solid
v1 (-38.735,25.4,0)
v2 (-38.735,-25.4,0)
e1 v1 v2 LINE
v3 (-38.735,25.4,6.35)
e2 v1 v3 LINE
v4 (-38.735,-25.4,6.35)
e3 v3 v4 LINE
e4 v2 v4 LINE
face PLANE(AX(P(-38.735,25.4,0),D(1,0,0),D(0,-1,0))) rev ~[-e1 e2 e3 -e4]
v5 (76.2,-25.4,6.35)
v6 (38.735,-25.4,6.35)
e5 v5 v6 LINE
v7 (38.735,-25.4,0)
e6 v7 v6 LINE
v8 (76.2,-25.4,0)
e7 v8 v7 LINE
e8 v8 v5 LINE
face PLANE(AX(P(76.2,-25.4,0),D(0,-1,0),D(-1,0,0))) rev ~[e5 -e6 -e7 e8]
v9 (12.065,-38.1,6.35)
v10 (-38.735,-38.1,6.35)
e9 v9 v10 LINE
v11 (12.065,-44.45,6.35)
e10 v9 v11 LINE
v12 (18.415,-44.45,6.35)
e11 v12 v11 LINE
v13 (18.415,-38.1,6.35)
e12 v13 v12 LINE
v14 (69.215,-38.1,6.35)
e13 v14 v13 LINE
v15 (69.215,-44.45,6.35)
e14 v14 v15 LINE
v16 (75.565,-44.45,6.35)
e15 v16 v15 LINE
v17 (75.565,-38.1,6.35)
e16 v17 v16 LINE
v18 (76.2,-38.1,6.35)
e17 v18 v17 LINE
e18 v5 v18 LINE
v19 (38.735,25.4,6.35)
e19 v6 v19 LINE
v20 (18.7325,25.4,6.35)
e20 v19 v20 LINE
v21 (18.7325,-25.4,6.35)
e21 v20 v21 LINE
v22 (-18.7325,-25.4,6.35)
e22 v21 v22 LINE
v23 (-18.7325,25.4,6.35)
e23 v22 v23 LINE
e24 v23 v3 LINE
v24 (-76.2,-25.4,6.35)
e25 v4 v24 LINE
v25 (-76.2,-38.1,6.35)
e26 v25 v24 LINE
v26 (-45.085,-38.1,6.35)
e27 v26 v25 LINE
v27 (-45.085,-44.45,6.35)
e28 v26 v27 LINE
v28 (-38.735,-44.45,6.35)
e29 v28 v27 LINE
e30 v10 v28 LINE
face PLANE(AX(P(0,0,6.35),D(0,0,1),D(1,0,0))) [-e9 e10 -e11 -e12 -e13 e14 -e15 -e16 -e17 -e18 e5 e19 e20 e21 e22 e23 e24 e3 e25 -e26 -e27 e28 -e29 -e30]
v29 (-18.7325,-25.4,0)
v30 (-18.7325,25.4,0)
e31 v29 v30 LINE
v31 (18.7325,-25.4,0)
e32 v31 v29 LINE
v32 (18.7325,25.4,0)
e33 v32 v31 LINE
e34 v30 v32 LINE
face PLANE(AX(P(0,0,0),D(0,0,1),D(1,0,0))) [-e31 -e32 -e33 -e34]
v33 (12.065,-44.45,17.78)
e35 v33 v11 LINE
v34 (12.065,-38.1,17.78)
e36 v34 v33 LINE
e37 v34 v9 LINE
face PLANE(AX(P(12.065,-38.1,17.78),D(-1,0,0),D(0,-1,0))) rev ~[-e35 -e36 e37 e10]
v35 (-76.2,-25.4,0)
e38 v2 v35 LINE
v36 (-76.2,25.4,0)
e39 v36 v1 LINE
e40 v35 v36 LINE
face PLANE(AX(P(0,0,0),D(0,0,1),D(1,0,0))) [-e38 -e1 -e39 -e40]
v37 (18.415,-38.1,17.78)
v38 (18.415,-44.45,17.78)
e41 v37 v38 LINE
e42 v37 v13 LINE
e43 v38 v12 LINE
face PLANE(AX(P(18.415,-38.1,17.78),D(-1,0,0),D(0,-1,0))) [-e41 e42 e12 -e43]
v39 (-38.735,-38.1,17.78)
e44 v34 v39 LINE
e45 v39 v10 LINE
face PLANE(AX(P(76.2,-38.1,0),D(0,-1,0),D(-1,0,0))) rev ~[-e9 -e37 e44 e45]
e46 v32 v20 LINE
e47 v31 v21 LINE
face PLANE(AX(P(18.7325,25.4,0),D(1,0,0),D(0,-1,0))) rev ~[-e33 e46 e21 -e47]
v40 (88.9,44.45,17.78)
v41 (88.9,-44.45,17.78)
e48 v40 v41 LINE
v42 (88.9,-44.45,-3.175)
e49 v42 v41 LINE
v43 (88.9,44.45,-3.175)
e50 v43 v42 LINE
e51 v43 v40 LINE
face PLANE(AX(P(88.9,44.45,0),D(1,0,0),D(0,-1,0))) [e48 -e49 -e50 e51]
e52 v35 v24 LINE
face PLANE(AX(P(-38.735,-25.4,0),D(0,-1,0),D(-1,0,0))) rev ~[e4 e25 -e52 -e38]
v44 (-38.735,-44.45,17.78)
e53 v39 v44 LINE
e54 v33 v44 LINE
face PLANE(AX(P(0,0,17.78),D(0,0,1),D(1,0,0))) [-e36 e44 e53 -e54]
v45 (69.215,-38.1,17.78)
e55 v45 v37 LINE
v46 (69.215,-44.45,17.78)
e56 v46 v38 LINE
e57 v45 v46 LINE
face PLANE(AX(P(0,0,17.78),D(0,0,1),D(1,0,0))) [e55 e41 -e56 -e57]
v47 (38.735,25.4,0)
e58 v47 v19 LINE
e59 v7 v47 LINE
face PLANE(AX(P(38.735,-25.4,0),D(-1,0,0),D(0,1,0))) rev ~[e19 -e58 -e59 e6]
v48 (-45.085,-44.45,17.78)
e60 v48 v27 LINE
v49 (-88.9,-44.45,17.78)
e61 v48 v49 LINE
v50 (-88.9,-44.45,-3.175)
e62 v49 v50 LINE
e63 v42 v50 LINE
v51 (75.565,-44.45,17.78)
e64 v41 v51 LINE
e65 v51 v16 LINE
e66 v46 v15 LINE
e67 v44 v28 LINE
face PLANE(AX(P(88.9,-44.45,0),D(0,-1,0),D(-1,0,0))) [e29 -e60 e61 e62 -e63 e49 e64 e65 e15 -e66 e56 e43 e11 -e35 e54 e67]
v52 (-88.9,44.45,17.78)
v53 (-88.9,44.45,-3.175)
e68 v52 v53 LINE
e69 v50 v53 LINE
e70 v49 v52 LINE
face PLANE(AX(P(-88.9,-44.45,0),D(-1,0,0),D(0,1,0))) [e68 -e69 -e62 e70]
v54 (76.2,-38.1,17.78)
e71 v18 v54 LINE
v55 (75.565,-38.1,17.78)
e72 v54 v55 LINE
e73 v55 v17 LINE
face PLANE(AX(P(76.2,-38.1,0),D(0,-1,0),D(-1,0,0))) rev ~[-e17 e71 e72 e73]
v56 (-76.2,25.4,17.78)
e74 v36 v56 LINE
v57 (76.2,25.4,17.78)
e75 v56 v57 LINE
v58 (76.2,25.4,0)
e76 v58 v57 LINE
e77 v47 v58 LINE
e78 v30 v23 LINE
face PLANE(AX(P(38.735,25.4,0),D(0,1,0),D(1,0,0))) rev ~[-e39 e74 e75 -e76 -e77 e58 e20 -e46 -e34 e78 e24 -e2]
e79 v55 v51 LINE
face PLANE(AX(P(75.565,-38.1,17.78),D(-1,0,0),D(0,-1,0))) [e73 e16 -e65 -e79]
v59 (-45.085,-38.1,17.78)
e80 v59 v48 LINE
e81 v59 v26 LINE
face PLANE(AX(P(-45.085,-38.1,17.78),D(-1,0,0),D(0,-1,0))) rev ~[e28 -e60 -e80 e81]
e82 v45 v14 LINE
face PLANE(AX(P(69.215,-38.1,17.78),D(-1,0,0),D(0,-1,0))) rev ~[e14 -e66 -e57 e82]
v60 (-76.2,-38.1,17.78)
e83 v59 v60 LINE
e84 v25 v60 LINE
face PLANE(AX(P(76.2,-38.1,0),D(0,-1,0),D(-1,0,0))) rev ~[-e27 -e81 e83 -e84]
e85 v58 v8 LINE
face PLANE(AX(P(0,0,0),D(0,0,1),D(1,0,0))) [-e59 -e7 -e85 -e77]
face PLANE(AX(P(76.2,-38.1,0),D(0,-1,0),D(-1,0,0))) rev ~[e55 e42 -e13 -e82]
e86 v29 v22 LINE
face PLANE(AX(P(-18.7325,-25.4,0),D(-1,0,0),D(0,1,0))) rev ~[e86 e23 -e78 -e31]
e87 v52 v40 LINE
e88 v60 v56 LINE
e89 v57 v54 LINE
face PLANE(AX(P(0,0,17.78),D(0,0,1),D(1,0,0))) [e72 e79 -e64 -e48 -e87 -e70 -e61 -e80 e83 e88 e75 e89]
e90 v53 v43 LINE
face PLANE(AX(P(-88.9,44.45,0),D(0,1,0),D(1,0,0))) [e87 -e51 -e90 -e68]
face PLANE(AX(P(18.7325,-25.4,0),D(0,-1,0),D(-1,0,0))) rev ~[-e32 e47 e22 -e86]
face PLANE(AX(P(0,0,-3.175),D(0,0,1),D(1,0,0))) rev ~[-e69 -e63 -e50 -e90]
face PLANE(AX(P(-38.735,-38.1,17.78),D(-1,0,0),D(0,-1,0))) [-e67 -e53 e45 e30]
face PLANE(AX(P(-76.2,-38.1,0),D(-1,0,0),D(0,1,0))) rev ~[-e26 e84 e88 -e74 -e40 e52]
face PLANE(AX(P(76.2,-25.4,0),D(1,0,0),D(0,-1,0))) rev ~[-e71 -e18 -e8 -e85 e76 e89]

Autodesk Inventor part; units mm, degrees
ref_plane "YZ Plane" through (0, 0, 0) normal (1, 0, 0) x (0, 1, 0)
ref_plane "XZ Plane" through (0, 0, 0) normal (0, 1, 0) x (-1, 0, 0)
ref_plane "XY Plane" through (0, 0, 0) normal (0, 0, 1) x (1, 0, 0)
sketch "Sketch1" plane through (0, 0, 0) normal (0, 0, 1) x (1, 0, 0)
  line L0 (88.9, -44.45) -> (-88.9, -44.45)
  line L1 (-88.9, -44.45) -> (-88.9, 44.45)
  line L2 (-88.9, 44.45) -> (88.9, 44.45)
  line L3 (88.9, 44.45) -> (88.9, -44.45)
  line L4 (88.9, -44.45) -> (-88.9, 44.45) construction
  line L5 (-88.9, -44.45) -> (88.9, 44.45) construction
  line L6 (-38.735, -25.4) -> (-76.2, -25.4)
  line L7 (-76.2, -25.4) -> (-76.2, 25.4)
  line L8 (-76.2, 25.4) -> (-38.735, 25.4)
  line L9 (-38.735, 25.4) -> (-38.735, -25.4)
  line L10 (-38.735, -25.4) -> (-76.2, 25.4) construction
  line L11 (-76.2, -25.4) -> (-38.735, 25.4) construction
  line L12 (18.7325, -25.4) -> (-18.7325, -25.4)
  line L13 (-18.7325, -25.4) -> (-18.7325, 25.4)
  line L14 (-18.7325, 25.4) -> (18.7325, 25.4)
  line L15 (18.7325, 25.4) -> (18.7325, -25.4)
  line L16 (18.7325, -25.4) -> (-18.7325, 25.4) construction
  line L17 (-18.7325, -25.4) -> (18.7325, 25.4) construction
  line L18 (76.2, -25.4) -> (38.735, -25.4)
  line L19 (38.735, -25.4) -> (38.735, 25.4)
  line L20 (38.735, 25.4) -> (76.2, 25.4)
  line L21 (76.2, 25.4) -> (76.2, -25.4)
  line L22 (76.2, -25.4) -> (38.735, 25.4) construction
  line L23 (38.735, -25.4) -> (76.2, 25.4) construction
  line L24 (-38.735, 25.4) -> (-38.735, -25.4)
  line L25 (-38.735, -25.4) -> (-18.7325, -25.4)
  line L26 (-18.7325, -25.4) -> (-18.7325, 25.4)
  line L27 (-18.7325, 25.4) -> (-38.735, 25.4)
  line L28 (18.7325, 25.4) -> (18.7325, -25.4)
  line L29 (18.7325, -25.4) -> (38.735, -25.4)
  line L30 (38.735, -25.4) -> (38.735, 25.4)
  line L31 (38.735, 25.4) -> (18.7325, 25.4)
  line L32 (-76.2, -25.4) -> (76.2, -25.4)
  line L33 (76.2, -25.4) -> (76.2, -38.1)
  line L34 (76.2, -38.1) -> (-76.2, -38.1)
  line L35 (-76.2, -38.1) -> (-76.2, -25.4)
  point P0 (0, 0)
  point P1 (-57.4675, 0)
  point P2 (-57.4675, 0)
  point P3 (0, 0)
  point P4 (57.4675, 0)
  point P5 (0, 0)
  point P6 (57.4675, 0)
  dimension "d0" = 177.8
  dimension "d1" = 88.9
  dimension "d2" = 37.465
  dimension "d3" = 50.8
  dimension "d4" = 12.7
  dimension "d5" = 12.7
  dimension "d6" = 12.7
extrude "Extrusion1" add sketch "Sketch1" along normal blind 17.78
extrude "Extrusion2" add sketch "Sketch1" against normal blind 3.175 contours L0 L1 L2 L3 | L25 L12 L29 L18 L33 L34 L35 L6 | L6 L7 L8 L9 | L9 L27 L13 L25 | L13 L14 L15 L12 | L15 L31 L19 L29 | L19 L20 L21 L18
extrude "Extrusion3" add sketch "Sketch1" along normal blind 6.35 contours L25 L12 L29 L18 L33 L34 L35 L6 | L9 L27 L13 L25 | L15 L31 L19 L29
sketch "Sketch2" plane through (0, 0, 17.78) normal (0, 0, 1) x (1, 0, 0)
  line L0 (-38.735, -25.4) -> (-76.2, -25.4) projected
  line L1 (-38.735, -25.4) -> (-38.735, -44.45)
  line L2 (88.9, -44.45) -> (-88.9, -44.45) projected
  line L3 (-38.735, -44.45) -> (-45.085, -44.45)
  line L4 (76.2, -38.1) -> (-76.2, -38.1) projected
  line L5 (-45.085, -38.1) -> (-45.085, -44.45)
  line L6 (-45.085, -38.1) -> (-38.735, -38.1)
  point P0 (0, 0)
  dimension "d13" = 6.35
extrude "Extrusion4" cut sketch "Sketch2" against normal up to surface (11.43 mm away)
pattern_linear "Rectangular Pattern1" count 3 spacing 57.15 along (1, 0, 0) of "Extrusion4"
equation "\"d5\" = d4"
